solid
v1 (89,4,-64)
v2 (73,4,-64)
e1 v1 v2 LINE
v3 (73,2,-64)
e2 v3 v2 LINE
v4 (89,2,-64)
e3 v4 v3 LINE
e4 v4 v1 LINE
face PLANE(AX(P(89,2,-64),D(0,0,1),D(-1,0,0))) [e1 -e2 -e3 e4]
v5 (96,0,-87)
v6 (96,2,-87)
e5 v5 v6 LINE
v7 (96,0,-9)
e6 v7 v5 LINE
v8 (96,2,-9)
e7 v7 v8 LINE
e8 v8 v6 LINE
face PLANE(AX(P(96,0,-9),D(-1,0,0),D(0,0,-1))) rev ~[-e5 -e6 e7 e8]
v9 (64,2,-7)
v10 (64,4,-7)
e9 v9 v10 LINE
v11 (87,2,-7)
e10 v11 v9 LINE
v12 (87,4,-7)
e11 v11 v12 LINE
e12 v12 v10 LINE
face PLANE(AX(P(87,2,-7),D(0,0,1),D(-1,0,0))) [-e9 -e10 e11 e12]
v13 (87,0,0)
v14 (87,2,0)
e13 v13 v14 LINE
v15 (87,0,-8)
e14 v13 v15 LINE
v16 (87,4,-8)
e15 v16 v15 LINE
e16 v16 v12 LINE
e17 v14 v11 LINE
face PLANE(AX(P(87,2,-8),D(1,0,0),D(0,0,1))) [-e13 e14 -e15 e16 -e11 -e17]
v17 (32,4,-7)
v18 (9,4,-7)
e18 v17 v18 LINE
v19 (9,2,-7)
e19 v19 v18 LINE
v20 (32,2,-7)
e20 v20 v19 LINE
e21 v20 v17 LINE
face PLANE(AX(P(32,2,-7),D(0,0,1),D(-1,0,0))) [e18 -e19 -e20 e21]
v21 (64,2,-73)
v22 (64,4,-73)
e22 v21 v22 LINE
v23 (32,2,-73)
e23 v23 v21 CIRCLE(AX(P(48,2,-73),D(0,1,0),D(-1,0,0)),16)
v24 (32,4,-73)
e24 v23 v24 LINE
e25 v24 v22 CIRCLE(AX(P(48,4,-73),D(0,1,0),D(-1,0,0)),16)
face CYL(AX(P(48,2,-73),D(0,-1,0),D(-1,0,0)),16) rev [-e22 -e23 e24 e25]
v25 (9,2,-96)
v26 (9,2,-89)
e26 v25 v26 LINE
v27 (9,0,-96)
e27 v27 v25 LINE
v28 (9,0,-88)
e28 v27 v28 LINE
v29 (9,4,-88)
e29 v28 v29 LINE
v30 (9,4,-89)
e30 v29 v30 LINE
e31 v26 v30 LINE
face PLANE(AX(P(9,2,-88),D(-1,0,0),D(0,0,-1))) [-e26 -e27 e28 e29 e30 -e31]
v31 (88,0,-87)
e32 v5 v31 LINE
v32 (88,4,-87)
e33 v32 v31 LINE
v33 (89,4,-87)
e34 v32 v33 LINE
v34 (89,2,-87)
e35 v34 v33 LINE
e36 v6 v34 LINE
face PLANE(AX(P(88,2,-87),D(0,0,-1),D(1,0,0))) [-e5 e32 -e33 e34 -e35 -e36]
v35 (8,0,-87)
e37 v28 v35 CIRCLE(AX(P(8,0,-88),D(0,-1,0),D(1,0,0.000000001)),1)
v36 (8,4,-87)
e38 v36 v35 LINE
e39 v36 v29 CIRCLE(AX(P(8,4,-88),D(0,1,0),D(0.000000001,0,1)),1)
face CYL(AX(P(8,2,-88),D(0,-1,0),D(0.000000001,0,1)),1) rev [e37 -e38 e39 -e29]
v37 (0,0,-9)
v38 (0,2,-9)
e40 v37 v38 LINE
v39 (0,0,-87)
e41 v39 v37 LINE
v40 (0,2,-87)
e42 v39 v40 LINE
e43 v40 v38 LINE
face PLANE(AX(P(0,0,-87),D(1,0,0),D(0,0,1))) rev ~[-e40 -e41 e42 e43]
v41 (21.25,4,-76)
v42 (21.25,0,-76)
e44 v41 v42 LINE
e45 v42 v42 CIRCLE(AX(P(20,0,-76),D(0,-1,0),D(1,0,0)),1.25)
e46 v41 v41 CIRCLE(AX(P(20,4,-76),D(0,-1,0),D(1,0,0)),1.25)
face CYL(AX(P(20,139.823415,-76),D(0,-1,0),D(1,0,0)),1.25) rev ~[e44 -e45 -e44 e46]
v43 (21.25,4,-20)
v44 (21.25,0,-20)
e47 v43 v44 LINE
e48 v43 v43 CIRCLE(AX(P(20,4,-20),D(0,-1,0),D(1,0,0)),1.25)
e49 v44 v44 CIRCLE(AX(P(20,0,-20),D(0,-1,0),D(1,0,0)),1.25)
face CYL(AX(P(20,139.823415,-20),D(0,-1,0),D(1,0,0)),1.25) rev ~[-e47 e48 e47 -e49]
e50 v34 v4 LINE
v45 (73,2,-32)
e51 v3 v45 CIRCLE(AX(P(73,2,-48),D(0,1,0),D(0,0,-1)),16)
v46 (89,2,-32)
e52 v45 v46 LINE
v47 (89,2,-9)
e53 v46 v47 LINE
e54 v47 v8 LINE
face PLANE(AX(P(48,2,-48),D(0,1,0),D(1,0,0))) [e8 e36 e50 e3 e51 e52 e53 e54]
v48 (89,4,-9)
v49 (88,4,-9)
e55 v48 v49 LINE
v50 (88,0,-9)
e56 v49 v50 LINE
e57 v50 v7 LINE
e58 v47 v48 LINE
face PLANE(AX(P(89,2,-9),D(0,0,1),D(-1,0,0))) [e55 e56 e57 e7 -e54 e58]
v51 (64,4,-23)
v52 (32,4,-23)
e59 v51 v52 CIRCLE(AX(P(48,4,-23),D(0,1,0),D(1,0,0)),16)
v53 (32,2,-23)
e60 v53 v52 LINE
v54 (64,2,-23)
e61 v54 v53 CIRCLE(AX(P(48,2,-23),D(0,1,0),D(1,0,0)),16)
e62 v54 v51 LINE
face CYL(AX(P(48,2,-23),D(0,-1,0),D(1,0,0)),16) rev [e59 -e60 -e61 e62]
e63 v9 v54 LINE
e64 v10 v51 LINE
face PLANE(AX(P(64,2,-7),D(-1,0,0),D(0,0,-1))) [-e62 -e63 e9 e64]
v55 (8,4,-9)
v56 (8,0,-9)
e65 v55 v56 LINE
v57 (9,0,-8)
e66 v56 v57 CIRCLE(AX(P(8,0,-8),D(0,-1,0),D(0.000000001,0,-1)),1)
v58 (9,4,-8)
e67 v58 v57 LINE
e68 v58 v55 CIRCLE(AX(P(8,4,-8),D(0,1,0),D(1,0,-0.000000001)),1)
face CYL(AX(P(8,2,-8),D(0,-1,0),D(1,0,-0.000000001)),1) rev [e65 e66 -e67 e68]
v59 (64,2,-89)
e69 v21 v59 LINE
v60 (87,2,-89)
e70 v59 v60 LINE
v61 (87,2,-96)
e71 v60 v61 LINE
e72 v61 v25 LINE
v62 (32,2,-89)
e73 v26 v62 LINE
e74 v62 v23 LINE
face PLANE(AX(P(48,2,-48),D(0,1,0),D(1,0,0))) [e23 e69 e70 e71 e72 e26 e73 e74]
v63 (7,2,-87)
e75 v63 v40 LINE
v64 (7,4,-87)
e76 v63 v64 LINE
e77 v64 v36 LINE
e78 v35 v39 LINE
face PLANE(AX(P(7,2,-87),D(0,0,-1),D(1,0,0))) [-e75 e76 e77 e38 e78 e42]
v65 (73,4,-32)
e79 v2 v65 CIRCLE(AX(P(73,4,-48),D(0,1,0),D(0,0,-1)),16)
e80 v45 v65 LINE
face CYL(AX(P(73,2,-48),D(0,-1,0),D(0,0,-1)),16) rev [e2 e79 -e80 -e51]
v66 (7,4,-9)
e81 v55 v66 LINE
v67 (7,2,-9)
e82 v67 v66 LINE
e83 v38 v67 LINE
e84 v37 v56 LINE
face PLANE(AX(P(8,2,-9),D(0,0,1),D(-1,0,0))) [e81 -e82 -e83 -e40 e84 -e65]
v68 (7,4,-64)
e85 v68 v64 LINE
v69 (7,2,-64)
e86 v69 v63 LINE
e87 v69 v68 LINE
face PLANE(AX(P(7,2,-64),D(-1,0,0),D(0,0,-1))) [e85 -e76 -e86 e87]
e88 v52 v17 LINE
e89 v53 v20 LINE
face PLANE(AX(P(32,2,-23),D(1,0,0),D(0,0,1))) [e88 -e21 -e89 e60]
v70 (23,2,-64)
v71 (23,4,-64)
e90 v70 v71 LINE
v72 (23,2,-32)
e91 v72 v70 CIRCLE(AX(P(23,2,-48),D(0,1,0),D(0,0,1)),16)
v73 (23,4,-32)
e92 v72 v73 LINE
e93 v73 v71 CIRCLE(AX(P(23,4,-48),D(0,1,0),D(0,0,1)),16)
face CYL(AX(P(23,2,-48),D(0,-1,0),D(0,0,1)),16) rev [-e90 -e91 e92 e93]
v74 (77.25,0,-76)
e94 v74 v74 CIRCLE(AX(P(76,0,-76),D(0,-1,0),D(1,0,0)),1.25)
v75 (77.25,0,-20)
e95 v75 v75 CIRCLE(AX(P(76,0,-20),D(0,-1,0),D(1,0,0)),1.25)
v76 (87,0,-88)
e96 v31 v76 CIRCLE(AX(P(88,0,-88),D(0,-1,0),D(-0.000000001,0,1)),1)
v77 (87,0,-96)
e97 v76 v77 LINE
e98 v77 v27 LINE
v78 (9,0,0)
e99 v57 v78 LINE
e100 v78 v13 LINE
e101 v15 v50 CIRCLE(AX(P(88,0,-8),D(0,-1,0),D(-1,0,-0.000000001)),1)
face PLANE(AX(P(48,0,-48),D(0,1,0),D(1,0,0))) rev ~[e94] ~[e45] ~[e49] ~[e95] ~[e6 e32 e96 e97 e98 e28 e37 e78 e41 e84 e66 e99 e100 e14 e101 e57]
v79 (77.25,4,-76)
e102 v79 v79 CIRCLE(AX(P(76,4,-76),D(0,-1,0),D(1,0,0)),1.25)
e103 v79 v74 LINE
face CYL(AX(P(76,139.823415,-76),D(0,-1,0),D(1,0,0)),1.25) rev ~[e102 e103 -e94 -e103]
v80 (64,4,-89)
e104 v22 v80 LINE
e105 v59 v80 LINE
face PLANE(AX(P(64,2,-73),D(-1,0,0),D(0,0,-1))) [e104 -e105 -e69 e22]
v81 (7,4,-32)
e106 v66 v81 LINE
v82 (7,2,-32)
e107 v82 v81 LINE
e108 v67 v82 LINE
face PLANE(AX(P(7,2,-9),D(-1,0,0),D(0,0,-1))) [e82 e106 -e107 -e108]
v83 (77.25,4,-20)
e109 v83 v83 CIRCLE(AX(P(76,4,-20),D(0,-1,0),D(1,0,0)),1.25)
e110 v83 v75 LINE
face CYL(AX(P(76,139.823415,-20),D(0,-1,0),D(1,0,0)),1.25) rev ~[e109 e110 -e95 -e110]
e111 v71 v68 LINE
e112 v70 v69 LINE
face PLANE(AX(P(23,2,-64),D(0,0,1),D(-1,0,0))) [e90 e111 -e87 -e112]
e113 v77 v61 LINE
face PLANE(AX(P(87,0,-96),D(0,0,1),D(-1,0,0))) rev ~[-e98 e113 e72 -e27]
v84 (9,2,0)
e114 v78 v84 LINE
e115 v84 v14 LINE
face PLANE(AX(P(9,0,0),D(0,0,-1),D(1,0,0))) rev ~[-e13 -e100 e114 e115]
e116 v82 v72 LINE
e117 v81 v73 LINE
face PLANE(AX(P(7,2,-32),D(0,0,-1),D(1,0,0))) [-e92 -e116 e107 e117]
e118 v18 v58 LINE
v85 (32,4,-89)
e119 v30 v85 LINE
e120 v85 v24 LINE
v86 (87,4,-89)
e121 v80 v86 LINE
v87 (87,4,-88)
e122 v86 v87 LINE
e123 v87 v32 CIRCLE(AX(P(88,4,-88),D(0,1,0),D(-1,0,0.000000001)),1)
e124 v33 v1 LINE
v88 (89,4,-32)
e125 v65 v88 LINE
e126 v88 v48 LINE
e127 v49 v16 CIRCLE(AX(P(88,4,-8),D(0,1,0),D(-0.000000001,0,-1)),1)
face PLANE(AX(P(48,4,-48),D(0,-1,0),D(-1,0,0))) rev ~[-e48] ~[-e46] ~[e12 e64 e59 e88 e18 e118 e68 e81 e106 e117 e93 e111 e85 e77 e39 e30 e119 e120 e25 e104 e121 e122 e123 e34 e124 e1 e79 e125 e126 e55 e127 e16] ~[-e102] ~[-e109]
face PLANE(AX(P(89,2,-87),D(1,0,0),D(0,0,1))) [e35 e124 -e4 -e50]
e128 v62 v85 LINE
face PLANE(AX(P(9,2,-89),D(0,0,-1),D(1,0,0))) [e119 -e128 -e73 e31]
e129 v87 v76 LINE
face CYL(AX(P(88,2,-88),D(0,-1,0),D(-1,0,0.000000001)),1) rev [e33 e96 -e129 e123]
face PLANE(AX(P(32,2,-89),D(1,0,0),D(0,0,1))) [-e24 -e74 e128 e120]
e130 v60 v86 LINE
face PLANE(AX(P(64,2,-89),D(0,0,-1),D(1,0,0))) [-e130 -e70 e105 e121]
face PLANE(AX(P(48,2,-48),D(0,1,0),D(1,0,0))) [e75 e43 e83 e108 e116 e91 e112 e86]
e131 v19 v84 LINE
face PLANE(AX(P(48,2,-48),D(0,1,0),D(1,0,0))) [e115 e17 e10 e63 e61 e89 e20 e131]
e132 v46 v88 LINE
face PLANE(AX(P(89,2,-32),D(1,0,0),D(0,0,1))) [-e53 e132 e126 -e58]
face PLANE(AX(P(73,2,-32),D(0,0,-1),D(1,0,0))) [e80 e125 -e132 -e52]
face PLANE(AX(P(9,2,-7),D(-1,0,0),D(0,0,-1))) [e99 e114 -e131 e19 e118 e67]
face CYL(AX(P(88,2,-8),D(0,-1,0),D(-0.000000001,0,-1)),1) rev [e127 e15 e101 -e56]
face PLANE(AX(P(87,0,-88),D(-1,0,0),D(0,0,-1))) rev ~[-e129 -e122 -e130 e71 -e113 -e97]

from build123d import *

# Parameters (mm, degrees)
BASE_DEPTH                         = 2
ANTENNA_STORAGE_DEPTH              = 2
M3X0_5_TAPPED_HOLES_FOR_MOUNTING_D = 2.5


with BuildPart() as part:
    # Sketch1 → Base (new body)
    with BuildSketch(Plane(origin=(0, 0, 0), x_dir=(1, 0, 0), z_dir=(0, 1, 0))):
        with BuildLine():
            Line((0, 9), (8, 9))
            ThreePointArc((8, 9), (8.707106781, 8.707106781), (9, 8))
            Line((9, 8), (9, 0))
            Line((9, 0), (87, 0))
            Line((87, 0), (87, 8))
            ThreePointArc((87, 8), (87.292893219, 8.707106781), (88, 9))
            Line((88, 9), (96, 9))
            Line((96, 9), (96, 87))
            Line((96, 87), (88, 87))
            ThreePointArc((88, 87), (87.292893219, 87.292893219), (87, 88))
            Line((87, 88), (87, 96))
            Line((87, 96), (9, 96))
            Line((9, 96), (9, 88))
            ThreePointArc((9, 88), (8.707106781, 87.292893219), (8, 87))
            Line((8, 87), (0, 87))
            Line((0, 87), (0, 9))
        make_face()
    extrude(amount=BASE_DEPTH)

    # Sketch2 → Antenna Storage (add)
    with BuildSketch(Plane(origin=(0, 2, 0), x_dir=(1, 0, 0), z_dir=(0, 1, 0))):
        with BuildLine():
            Line((32, 89), (32, 73))
            ThreePointArc((32, 73), (48, 57), (64, 73))
            Line((64, 73), (64, 89))
            Line((64, 89), (87, 89))
            Line((87, 89), (87, 88))
            ThreePointArc((87, 88), (87.292893219, 87.292893219), (88, 87))
            Line((88, 87), (89, 87))
            Line((89, 87), (89, 64))
            Line((89, 64), (73, 64))
            ThreePointArc((73, 64), (57, 48), (73, 32))
            Line((73, 32), (89, 32))
            Line((89, 32), (89, 9))
            Line((89, 9), (88, 9))
            ThreePointArc((88, 9), (87.292893219, 8.707106781), (87, 8))
            Line((87, 8), (87, 7))
            Line((87, 7), (64, 7))
            Line((64, 7), (64, 23))
            ThreePointArc((64, 23), (48, 39), (32, 23))
            Line((32, 23), (32, 7))
            Line((32, 7), (9, 7))
            Line((9, 7), (9, 8))
            ThreePointArc((9, 8), (8.707106781, 8.707106781), (8, 9))
            Line((8, 9), (7, 9))
            Line((7, 9), (7, 32))
            Line((7, 32), (23, 32))
            ThreePointArc((23, 32), (39, 48), (23, 64))
            Line((23, 64), (7, 64))
            Line((7, 64), (7, 87))
            Line((7, 87), (8, 87))
            ThreePointArc((8, 87), (8.707106781, 87.292893219), (9, 88))
            Line((9, 88), (9, 89))
            Line((9, 89), (32, 89))
        make_face()
    extrude(amount=ANTENNA_STORAGE_DEPTH)

    # M3x0.5 Tapped Holes For Mounting (through all)
    with Locations(Plane(origin=(0, 4, 0), x_dir=(-1, 0, 0), z_dir=(0, 1, 0))):
        with Locations((-20, -20), (-20, -76), (-76, -20), (-76, -76)):
            Hole(M3X0_5_TAPPED_HOLES_FOR_MOUNTING_D / 2)


solid = part.part
